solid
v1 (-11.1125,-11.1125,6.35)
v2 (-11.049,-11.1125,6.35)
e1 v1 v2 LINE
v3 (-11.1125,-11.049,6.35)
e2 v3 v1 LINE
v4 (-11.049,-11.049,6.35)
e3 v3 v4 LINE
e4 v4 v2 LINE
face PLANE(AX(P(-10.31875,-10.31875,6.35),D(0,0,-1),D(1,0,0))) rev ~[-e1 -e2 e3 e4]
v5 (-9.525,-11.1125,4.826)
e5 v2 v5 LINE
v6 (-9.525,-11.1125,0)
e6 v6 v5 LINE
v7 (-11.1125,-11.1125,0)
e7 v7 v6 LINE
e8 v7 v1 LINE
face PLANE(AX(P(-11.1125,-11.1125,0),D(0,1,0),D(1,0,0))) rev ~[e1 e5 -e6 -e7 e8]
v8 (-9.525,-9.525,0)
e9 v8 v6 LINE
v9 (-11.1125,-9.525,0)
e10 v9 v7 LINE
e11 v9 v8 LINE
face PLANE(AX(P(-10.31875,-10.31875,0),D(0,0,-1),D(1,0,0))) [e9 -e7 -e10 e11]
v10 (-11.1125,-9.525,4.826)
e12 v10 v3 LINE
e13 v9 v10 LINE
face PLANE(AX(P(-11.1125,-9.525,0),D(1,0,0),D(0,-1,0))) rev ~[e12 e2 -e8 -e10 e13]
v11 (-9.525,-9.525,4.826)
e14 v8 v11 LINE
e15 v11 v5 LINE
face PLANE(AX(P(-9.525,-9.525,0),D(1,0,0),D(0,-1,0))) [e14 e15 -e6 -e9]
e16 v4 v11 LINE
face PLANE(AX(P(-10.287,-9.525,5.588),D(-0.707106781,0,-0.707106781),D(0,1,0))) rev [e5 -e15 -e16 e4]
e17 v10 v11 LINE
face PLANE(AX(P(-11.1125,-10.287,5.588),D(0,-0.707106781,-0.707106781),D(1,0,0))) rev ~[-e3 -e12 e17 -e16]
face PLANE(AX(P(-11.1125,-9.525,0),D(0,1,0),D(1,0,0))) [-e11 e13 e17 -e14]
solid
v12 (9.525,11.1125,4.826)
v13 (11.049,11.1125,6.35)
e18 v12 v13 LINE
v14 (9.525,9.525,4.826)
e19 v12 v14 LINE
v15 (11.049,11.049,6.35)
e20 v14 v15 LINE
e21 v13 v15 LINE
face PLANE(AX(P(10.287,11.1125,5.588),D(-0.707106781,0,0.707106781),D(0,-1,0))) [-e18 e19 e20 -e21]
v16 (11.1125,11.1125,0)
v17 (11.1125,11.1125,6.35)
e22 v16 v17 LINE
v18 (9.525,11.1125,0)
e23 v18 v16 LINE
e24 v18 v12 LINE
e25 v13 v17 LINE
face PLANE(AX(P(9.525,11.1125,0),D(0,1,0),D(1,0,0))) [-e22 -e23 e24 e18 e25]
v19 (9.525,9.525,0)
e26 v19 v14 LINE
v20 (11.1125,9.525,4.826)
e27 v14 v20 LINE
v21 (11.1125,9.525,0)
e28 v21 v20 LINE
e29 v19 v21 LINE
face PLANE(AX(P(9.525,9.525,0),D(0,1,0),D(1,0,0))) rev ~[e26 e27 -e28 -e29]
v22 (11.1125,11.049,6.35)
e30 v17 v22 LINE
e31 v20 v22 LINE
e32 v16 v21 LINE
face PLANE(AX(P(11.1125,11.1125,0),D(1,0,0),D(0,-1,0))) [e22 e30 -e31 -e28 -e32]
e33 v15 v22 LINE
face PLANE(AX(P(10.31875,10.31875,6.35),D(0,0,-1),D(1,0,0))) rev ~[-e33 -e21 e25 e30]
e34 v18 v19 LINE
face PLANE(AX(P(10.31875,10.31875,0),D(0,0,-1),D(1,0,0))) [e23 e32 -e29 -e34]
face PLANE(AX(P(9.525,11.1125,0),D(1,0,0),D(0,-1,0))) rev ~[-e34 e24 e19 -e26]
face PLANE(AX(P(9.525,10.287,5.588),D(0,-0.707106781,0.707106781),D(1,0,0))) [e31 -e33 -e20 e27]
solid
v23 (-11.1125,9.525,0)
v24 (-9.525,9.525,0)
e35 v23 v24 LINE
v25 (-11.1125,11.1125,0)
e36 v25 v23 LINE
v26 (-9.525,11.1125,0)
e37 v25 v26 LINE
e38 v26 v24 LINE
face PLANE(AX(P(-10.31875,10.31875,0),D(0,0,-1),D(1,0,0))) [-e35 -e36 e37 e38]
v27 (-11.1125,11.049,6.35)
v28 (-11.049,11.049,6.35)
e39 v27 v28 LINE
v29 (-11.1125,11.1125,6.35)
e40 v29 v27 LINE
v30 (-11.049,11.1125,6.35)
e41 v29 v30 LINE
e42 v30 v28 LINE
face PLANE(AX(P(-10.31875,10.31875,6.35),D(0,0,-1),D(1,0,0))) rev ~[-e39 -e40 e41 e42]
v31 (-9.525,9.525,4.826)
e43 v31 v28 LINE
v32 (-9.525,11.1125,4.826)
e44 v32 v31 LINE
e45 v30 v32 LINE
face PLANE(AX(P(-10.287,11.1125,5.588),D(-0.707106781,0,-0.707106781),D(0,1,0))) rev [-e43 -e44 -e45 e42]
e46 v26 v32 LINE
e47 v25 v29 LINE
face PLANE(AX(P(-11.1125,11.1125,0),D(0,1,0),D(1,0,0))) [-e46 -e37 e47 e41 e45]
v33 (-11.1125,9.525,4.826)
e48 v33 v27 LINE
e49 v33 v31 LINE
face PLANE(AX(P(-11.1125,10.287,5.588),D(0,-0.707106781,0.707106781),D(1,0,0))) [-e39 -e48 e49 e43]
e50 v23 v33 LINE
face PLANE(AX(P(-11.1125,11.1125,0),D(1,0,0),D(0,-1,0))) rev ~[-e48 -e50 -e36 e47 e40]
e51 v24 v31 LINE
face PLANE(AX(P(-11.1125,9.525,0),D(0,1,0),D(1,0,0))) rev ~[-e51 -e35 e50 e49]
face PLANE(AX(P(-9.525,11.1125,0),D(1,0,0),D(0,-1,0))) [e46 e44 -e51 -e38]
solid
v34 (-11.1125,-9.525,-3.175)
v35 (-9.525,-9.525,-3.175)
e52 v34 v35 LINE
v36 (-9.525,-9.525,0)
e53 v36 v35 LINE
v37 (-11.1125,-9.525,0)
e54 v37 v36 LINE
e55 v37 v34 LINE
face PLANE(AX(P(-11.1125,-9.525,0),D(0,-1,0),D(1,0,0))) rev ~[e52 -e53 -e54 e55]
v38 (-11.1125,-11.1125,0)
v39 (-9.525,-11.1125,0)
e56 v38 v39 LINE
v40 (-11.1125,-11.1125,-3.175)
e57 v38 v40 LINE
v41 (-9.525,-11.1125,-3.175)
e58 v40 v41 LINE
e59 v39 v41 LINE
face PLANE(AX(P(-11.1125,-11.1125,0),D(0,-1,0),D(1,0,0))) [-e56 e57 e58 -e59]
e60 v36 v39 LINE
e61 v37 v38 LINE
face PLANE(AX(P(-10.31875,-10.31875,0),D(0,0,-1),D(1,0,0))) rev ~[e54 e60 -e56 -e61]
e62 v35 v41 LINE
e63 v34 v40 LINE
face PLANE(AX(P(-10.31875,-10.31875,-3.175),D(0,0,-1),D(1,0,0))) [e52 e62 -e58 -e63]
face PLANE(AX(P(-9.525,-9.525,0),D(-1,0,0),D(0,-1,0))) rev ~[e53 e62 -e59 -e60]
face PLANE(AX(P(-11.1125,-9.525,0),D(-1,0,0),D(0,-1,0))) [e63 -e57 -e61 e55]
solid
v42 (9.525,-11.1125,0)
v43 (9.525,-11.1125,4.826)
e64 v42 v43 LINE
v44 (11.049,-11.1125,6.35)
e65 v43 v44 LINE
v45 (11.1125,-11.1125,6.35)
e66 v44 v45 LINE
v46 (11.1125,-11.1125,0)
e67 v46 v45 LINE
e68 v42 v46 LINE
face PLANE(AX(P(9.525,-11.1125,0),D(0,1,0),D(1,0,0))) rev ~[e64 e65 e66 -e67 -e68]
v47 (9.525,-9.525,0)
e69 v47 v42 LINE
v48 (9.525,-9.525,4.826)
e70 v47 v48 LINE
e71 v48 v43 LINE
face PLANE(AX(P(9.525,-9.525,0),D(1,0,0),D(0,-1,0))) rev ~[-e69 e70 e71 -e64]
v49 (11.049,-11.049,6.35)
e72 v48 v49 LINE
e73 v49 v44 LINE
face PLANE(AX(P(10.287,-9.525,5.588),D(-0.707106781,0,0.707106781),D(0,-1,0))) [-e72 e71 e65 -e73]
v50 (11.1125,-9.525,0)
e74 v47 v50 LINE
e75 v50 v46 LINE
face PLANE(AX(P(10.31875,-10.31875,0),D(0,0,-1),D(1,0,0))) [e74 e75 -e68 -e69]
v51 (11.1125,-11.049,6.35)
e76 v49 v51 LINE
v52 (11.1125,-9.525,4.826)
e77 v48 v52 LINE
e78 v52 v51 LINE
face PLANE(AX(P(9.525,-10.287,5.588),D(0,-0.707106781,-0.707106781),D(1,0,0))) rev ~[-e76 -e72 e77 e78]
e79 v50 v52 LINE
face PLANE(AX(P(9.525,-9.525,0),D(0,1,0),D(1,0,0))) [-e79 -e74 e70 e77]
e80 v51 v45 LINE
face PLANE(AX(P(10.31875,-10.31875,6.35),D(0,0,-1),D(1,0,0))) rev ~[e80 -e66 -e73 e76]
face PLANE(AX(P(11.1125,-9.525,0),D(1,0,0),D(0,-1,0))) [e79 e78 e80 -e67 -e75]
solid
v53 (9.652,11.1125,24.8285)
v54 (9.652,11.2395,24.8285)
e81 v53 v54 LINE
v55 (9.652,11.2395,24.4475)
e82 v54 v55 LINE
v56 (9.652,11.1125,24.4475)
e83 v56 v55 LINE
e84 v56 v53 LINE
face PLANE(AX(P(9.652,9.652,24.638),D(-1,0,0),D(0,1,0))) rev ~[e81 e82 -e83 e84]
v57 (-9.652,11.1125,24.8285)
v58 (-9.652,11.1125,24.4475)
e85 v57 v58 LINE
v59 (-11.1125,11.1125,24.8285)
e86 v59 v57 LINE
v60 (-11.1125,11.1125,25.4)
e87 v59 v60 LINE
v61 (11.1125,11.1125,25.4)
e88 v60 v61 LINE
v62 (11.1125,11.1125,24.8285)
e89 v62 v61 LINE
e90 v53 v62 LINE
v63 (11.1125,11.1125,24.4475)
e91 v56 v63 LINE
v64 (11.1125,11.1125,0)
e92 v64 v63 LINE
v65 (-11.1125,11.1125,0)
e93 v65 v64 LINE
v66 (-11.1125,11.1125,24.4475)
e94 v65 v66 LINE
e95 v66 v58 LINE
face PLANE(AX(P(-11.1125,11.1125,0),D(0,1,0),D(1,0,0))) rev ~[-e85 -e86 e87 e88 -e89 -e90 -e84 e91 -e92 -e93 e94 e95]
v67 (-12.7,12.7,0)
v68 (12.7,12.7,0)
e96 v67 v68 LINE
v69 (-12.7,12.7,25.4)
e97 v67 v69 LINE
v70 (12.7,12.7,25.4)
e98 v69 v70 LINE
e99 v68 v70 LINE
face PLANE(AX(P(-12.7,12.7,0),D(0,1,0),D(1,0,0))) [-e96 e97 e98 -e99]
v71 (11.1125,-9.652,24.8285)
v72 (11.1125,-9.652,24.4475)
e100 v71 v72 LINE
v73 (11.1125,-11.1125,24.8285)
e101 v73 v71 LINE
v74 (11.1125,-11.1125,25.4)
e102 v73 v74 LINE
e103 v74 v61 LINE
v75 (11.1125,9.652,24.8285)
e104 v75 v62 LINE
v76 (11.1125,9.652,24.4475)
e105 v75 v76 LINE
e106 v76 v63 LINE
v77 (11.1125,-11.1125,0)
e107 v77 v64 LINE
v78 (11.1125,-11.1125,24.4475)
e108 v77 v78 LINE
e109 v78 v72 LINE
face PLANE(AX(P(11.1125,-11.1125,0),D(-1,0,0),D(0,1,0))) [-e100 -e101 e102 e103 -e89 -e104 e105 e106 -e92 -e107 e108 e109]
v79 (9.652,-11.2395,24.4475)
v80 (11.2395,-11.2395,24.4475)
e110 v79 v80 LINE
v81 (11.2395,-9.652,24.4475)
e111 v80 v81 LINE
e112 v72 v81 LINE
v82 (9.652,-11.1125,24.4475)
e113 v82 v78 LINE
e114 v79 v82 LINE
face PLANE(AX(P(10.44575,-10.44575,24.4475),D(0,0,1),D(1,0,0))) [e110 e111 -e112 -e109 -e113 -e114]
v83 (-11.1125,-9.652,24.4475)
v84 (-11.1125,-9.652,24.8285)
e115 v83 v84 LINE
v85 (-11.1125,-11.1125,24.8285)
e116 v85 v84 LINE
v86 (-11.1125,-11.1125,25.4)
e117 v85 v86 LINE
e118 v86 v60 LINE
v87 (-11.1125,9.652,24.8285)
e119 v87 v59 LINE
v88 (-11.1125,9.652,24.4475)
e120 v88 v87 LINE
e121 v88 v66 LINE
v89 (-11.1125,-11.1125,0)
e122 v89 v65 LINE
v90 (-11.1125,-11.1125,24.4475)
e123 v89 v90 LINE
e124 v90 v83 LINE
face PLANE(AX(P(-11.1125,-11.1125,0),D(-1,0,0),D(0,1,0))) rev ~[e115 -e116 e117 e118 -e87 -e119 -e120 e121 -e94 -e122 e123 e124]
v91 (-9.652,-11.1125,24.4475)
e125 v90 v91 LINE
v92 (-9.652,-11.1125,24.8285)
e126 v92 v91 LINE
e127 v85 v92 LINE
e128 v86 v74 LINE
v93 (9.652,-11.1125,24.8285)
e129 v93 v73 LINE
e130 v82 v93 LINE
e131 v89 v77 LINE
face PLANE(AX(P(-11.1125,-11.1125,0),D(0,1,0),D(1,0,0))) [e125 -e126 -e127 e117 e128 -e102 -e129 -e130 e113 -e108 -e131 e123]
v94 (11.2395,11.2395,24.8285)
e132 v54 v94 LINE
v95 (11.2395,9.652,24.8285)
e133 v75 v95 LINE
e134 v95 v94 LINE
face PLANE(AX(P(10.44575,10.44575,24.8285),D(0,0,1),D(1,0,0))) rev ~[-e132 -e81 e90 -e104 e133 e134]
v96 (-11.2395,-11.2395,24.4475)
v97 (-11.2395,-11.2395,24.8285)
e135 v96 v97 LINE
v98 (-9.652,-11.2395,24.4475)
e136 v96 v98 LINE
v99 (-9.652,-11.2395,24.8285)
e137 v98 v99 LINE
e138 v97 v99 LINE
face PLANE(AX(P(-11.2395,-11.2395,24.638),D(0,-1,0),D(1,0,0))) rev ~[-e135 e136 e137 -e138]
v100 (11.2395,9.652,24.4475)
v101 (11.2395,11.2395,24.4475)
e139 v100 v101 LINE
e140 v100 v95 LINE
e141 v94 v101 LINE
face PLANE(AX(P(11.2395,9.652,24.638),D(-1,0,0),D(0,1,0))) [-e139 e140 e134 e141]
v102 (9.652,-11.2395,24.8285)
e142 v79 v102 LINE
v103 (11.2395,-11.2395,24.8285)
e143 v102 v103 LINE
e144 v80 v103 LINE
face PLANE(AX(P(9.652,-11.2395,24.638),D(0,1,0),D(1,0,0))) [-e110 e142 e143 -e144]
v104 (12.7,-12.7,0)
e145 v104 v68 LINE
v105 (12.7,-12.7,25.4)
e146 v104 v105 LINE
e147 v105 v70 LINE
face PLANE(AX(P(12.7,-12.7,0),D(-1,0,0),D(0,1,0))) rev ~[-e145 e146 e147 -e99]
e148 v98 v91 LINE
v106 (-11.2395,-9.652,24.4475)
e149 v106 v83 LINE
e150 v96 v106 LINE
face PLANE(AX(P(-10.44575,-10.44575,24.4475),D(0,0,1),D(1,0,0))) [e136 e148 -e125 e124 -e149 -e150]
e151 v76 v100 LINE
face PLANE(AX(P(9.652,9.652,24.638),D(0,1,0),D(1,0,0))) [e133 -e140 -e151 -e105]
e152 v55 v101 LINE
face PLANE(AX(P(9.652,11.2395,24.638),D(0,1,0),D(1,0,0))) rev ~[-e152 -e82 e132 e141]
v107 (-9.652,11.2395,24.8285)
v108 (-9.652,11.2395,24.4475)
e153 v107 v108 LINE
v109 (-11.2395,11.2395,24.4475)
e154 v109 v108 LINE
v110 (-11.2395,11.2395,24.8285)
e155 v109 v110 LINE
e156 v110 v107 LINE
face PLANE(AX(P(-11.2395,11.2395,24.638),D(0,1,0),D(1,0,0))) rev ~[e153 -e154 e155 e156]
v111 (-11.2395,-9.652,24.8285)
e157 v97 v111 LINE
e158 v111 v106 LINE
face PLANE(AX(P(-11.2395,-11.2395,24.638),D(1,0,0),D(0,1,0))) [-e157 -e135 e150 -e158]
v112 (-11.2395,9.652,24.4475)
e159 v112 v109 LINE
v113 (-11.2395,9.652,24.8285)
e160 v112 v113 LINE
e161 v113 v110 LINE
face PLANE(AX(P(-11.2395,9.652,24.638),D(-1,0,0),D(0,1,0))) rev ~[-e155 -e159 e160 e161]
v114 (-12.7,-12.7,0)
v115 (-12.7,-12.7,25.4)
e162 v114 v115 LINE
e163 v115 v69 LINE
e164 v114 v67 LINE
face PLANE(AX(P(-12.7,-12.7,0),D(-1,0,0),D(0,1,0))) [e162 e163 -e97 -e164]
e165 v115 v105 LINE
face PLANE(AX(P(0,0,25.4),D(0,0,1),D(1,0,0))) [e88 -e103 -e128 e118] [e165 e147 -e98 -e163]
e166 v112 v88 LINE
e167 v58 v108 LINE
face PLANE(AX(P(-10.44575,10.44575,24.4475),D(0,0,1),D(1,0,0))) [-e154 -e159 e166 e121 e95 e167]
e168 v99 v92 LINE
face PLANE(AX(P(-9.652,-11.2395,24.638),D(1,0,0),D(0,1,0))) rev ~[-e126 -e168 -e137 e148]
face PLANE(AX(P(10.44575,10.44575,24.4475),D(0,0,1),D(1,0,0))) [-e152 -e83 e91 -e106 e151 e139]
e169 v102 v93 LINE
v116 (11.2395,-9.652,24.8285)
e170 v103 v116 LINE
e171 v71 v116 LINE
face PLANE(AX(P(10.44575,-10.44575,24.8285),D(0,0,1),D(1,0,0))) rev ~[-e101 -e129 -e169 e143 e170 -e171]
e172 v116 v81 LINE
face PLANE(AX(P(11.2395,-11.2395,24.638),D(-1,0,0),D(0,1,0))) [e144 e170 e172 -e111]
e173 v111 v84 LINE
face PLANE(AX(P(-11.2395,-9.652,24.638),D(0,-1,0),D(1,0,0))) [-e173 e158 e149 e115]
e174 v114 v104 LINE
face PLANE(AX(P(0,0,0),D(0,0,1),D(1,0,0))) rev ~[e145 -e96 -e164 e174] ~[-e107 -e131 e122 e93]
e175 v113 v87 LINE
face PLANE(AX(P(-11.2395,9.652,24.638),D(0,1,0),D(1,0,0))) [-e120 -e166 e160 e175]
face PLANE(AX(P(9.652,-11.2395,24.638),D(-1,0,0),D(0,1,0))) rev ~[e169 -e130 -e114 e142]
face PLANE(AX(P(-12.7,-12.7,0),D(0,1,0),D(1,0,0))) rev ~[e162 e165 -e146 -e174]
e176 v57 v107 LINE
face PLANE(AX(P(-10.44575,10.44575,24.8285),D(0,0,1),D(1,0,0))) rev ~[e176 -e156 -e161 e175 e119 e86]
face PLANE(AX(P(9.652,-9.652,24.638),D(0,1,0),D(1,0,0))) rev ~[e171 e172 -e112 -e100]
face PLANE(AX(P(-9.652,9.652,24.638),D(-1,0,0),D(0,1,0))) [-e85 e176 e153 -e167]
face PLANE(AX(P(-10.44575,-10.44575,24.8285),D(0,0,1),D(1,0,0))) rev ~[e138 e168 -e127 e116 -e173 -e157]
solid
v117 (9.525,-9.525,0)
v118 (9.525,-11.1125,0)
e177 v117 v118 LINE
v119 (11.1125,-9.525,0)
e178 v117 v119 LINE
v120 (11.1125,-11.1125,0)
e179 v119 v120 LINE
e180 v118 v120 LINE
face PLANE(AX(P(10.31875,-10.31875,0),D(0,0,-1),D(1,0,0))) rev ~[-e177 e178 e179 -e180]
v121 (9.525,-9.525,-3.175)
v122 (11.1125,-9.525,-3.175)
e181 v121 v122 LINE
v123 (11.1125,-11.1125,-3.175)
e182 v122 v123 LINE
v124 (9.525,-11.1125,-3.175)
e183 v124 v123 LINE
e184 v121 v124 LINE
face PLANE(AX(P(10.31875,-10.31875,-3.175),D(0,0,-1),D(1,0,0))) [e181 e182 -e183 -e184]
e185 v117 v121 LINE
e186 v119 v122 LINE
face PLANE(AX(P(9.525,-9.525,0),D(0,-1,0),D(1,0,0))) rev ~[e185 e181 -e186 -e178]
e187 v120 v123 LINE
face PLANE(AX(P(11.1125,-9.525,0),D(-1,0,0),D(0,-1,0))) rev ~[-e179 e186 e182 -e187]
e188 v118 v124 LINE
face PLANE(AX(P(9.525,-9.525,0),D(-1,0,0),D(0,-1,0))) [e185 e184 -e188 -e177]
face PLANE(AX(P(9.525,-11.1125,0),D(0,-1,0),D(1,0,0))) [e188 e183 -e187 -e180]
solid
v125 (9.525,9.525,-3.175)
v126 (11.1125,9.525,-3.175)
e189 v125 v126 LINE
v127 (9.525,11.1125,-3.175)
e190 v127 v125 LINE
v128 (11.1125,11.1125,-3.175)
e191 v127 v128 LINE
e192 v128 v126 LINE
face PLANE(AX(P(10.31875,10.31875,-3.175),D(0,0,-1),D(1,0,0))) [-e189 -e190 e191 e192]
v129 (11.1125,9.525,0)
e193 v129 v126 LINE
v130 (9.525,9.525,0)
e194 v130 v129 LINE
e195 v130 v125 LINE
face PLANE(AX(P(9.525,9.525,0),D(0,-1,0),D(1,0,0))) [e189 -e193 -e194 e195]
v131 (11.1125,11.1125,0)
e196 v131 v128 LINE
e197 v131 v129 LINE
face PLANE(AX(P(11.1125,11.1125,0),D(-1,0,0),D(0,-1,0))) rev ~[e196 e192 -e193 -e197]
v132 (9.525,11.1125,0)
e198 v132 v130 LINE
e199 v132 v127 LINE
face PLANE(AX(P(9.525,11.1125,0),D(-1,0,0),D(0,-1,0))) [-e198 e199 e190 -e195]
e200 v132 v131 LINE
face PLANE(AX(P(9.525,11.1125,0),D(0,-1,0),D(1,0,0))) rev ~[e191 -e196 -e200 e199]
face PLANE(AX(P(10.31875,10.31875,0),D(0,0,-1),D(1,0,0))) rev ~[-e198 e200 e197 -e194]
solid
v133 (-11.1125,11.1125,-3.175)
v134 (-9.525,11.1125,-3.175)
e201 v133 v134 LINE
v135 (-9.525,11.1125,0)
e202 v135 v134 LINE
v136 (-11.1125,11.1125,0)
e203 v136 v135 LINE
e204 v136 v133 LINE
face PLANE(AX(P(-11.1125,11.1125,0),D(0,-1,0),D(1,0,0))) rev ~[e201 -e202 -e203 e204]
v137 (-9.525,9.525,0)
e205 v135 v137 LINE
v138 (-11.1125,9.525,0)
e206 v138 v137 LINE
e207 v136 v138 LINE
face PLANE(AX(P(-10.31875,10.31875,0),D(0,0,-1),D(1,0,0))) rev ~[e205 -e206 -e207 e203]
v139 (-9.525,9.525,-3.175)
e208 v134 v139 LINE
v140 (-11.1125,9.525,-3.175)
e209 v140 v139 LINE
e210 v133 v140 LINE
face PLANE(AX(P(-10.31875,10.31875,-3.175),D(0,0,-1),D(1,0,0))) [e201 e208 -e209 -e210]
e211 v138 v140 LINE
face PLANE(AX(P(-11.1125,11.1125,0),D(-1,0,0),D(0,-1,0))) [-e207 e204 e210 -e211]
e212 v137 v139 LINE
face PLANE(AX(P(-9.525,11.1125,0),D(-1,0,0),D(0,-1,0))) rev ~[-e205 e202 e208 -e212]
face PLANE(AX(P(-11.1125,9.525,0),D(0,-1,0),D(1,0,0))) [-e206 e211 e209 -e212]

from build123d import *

# Parameters (mm, degrees)
F0_W      = 25.4
F0_H      = 25.4
F0_W_2    = 22.225
F0_H_2    = 22.225
F1_DEPTH  = 25.4
F2_W      = 1.5875
F2_H      = 1.5875
F3_DEPTH  = 3.175
F4_DEPTH  = 6.35
F5_SIZE   = 1.524
F5_2_SIZE = 1.524
F5_3_SIZE = 1.524
F5_4_SIZE = 1.524
F7_W      = 1.5875
F7_H      = 1.5875
F8_DEPTH  = 0.0635
F9_DEPTH  = 0.1905


with BuildPart() as f1:
    # F0 (on Top) → F1 (new body)
    with BuildSketch(Plane.XY):
        Rectangle(F0_W, F0_H)
        Rectangle(F0_W_2, F0_H_2, mode=Mode.SUBTRACT)
    extrude(amount=F1_DEPTH)

    # F7 (on offset) → F8 (cut, symmetric)
    with BuildSketch(Plane.XY.offset(24.638)):
        with Locations((-10.44575, 10.44575)):
            Rectangle(F7_W, F7_H)
    extrude(amount=F8_DEPTH, both=True, mode=Mode.SUBTRACT)

    # F7 (on offset) → F9 (cut, symmetric)
    with BuildSketch(Plane.XY.offset(24.638)):
        with Locations((-10.44575, 10.44575)):
            Rectangle(F7_W, F7_H)
        with Locations((10.44575, 10.44575)):
            Rectangle(F7_W, F7_H)
        with Locations((10.44575, -10.44575)):
            Rectangle(F7_W, F7_H)
        with Locations((-10.44575, -10.44575)):
            Rectangle(F7_W, F7_H)
    extrude(amount=F9_DEPTH, both=True, mode=Mode.SUBTRACT)


with BuildPart() as f3:
    # F2 (on face) → F3 (new body)
    with BuildSketch(Plane(origin=(0, 0, 0), x_dir=(1, 0, 0), z_dir=(0, 0, -1))):
        with Locations((-10.31875, -10.31875)):
            Rectangle(F2_W, F2_H)
    extrude(amount=F3_DEPTH)


with BuildPart() as f3b:
    # F2 (on face) → F3, piece 2 (new body)
    with BuildSketch(Plane(origin=(0, 0, 0), x_dir=(1, 0, 0), z_dir=(0, 0, -1))):
        with Locations((10.31875, -10.31875)):
            Rectangle(F2_W, F2_H)
    extrude(amount=F3_DEPTH)


with BuildPart() as f3c:
    # F2 (on face) → F3, piece 3 (new body)
    with BuildSketch(Plane(origin=(0, 0, 0), x_dir=(1, 0, 0), z_dir=(0, 0, -1))):
        with Locations((10.31875, 10.31875)):
            Rectangle(F2_W, F2_H)
    extrude(amount=F3_DEPTH)


with BuildPart() as f3d:
    # F2 (on face) → F3, piece 4 (new body)
    with BuildSketch(Plane(origin=(0, 0, 0), x_dir=(1, 0, 0), z_dir=(0, 0, -1))):
        with Locations((-10.31875, 10.31875)):
            Rectangle(F2_W, F2_H)
    extrude(amount=F3_DEPTH)


with BuildPart() as f4:
    # F4 (new): faces of the model
    f4_faces = [f3.part.faces().sort_by_distance(p)[0] for p in [
        (-10.31875, 10.31875, 0),
        (-10.31875, 10.31875, 0),
        (-10.31875, 10.31875, 0),
        (-10.31875, 10.31875, 0),
    ]]
    extrude(f4_faces, amount=F4_DEPTH)

    # F5#3
    f5_3_edges = [f4.edges().sort_by_distance(p)[0] for p in [
        (-10.31875, 9.525, 6.35),
        (-9.525, 10.31875, 6.35),
    ]]
    chamfer(f5_3_edges, length=F5_3_SIZE)


with BuildPart() as f4b:
    # F4#2 (new): faces of the model
    f4_2_faces = [f3b.part.faces().sort_by_distance(p)[0] for p in [
        (10.31875, 10.31875, 0),
        (10.31875, 10.31875, 0),
        (10.31875, 10.31875, 0),
        (10.31875, 10.31875, 0),
    ]]
    extrude(f4_2_faces, amount=F4_DEPTH)

    # F5#2
    f5_2_edges = [f4b.edges().sort_by_distance(p)[0] for p in [
        (10.31875, 9.525, 6.35),
        (9.525, 10.31875, 6.35),
    ]]
    chamfer(f5_2_edges, length=F5_2_SIZE)


with BuildPart() as f4c:
    # F4#3 (new): faces of the model
    f4_3_faces = [f3c.part.faces().sort_by_distance(p)[0] for p in [
        (10.31875, -10.31875, 0),
        (10.31875, -10.31875, 0),
        (10.31875, -10.31875, 0),
        (10.31875, -10.31875, 0),
    ]]
    extrude(f4_3_faces, amount=F4_DEPTH)

    # F5
    f5_edges = [f4c.edges().sort_by_distance(p)[0] for p in [
        (10.31875, -9.525, 6.35),
        (9.525, -10.31875, 6.35),
    ]]
    chamfer(f5_edges, length=F5_SIZE)


with BuildPart() as f4d:
    # F4#4 (new): faces of the model
    f4_4_faces = [f3d.part.faces().sort_by_distance(p)[0] for p in [
        (-10.31875, -10.31875, 0),
        (-10.31875, -10.31875, 0),
        (-10.31875, -10.31875, 0),
        (-10.31875, -10.31875, 0),
    ]]
    extrude(f4_4_faces, amount=F4_DEPTH)

    # F5#4
    f5_4_edges = [f4d.edges().sort_by_distance(p)[0] for p in [
        (-9.525, -10.31875, 6.35),
        (-10.31875, -9.525, 6.35),
    ]]
    chamfer(f5_4_edges, length=F5_4_SIZE)


solid = Compound([f1.part, f3.part, f3b.part, f3c.part, f3d.part, f4.part, f4b.part, f4c.part, f4d.part])
